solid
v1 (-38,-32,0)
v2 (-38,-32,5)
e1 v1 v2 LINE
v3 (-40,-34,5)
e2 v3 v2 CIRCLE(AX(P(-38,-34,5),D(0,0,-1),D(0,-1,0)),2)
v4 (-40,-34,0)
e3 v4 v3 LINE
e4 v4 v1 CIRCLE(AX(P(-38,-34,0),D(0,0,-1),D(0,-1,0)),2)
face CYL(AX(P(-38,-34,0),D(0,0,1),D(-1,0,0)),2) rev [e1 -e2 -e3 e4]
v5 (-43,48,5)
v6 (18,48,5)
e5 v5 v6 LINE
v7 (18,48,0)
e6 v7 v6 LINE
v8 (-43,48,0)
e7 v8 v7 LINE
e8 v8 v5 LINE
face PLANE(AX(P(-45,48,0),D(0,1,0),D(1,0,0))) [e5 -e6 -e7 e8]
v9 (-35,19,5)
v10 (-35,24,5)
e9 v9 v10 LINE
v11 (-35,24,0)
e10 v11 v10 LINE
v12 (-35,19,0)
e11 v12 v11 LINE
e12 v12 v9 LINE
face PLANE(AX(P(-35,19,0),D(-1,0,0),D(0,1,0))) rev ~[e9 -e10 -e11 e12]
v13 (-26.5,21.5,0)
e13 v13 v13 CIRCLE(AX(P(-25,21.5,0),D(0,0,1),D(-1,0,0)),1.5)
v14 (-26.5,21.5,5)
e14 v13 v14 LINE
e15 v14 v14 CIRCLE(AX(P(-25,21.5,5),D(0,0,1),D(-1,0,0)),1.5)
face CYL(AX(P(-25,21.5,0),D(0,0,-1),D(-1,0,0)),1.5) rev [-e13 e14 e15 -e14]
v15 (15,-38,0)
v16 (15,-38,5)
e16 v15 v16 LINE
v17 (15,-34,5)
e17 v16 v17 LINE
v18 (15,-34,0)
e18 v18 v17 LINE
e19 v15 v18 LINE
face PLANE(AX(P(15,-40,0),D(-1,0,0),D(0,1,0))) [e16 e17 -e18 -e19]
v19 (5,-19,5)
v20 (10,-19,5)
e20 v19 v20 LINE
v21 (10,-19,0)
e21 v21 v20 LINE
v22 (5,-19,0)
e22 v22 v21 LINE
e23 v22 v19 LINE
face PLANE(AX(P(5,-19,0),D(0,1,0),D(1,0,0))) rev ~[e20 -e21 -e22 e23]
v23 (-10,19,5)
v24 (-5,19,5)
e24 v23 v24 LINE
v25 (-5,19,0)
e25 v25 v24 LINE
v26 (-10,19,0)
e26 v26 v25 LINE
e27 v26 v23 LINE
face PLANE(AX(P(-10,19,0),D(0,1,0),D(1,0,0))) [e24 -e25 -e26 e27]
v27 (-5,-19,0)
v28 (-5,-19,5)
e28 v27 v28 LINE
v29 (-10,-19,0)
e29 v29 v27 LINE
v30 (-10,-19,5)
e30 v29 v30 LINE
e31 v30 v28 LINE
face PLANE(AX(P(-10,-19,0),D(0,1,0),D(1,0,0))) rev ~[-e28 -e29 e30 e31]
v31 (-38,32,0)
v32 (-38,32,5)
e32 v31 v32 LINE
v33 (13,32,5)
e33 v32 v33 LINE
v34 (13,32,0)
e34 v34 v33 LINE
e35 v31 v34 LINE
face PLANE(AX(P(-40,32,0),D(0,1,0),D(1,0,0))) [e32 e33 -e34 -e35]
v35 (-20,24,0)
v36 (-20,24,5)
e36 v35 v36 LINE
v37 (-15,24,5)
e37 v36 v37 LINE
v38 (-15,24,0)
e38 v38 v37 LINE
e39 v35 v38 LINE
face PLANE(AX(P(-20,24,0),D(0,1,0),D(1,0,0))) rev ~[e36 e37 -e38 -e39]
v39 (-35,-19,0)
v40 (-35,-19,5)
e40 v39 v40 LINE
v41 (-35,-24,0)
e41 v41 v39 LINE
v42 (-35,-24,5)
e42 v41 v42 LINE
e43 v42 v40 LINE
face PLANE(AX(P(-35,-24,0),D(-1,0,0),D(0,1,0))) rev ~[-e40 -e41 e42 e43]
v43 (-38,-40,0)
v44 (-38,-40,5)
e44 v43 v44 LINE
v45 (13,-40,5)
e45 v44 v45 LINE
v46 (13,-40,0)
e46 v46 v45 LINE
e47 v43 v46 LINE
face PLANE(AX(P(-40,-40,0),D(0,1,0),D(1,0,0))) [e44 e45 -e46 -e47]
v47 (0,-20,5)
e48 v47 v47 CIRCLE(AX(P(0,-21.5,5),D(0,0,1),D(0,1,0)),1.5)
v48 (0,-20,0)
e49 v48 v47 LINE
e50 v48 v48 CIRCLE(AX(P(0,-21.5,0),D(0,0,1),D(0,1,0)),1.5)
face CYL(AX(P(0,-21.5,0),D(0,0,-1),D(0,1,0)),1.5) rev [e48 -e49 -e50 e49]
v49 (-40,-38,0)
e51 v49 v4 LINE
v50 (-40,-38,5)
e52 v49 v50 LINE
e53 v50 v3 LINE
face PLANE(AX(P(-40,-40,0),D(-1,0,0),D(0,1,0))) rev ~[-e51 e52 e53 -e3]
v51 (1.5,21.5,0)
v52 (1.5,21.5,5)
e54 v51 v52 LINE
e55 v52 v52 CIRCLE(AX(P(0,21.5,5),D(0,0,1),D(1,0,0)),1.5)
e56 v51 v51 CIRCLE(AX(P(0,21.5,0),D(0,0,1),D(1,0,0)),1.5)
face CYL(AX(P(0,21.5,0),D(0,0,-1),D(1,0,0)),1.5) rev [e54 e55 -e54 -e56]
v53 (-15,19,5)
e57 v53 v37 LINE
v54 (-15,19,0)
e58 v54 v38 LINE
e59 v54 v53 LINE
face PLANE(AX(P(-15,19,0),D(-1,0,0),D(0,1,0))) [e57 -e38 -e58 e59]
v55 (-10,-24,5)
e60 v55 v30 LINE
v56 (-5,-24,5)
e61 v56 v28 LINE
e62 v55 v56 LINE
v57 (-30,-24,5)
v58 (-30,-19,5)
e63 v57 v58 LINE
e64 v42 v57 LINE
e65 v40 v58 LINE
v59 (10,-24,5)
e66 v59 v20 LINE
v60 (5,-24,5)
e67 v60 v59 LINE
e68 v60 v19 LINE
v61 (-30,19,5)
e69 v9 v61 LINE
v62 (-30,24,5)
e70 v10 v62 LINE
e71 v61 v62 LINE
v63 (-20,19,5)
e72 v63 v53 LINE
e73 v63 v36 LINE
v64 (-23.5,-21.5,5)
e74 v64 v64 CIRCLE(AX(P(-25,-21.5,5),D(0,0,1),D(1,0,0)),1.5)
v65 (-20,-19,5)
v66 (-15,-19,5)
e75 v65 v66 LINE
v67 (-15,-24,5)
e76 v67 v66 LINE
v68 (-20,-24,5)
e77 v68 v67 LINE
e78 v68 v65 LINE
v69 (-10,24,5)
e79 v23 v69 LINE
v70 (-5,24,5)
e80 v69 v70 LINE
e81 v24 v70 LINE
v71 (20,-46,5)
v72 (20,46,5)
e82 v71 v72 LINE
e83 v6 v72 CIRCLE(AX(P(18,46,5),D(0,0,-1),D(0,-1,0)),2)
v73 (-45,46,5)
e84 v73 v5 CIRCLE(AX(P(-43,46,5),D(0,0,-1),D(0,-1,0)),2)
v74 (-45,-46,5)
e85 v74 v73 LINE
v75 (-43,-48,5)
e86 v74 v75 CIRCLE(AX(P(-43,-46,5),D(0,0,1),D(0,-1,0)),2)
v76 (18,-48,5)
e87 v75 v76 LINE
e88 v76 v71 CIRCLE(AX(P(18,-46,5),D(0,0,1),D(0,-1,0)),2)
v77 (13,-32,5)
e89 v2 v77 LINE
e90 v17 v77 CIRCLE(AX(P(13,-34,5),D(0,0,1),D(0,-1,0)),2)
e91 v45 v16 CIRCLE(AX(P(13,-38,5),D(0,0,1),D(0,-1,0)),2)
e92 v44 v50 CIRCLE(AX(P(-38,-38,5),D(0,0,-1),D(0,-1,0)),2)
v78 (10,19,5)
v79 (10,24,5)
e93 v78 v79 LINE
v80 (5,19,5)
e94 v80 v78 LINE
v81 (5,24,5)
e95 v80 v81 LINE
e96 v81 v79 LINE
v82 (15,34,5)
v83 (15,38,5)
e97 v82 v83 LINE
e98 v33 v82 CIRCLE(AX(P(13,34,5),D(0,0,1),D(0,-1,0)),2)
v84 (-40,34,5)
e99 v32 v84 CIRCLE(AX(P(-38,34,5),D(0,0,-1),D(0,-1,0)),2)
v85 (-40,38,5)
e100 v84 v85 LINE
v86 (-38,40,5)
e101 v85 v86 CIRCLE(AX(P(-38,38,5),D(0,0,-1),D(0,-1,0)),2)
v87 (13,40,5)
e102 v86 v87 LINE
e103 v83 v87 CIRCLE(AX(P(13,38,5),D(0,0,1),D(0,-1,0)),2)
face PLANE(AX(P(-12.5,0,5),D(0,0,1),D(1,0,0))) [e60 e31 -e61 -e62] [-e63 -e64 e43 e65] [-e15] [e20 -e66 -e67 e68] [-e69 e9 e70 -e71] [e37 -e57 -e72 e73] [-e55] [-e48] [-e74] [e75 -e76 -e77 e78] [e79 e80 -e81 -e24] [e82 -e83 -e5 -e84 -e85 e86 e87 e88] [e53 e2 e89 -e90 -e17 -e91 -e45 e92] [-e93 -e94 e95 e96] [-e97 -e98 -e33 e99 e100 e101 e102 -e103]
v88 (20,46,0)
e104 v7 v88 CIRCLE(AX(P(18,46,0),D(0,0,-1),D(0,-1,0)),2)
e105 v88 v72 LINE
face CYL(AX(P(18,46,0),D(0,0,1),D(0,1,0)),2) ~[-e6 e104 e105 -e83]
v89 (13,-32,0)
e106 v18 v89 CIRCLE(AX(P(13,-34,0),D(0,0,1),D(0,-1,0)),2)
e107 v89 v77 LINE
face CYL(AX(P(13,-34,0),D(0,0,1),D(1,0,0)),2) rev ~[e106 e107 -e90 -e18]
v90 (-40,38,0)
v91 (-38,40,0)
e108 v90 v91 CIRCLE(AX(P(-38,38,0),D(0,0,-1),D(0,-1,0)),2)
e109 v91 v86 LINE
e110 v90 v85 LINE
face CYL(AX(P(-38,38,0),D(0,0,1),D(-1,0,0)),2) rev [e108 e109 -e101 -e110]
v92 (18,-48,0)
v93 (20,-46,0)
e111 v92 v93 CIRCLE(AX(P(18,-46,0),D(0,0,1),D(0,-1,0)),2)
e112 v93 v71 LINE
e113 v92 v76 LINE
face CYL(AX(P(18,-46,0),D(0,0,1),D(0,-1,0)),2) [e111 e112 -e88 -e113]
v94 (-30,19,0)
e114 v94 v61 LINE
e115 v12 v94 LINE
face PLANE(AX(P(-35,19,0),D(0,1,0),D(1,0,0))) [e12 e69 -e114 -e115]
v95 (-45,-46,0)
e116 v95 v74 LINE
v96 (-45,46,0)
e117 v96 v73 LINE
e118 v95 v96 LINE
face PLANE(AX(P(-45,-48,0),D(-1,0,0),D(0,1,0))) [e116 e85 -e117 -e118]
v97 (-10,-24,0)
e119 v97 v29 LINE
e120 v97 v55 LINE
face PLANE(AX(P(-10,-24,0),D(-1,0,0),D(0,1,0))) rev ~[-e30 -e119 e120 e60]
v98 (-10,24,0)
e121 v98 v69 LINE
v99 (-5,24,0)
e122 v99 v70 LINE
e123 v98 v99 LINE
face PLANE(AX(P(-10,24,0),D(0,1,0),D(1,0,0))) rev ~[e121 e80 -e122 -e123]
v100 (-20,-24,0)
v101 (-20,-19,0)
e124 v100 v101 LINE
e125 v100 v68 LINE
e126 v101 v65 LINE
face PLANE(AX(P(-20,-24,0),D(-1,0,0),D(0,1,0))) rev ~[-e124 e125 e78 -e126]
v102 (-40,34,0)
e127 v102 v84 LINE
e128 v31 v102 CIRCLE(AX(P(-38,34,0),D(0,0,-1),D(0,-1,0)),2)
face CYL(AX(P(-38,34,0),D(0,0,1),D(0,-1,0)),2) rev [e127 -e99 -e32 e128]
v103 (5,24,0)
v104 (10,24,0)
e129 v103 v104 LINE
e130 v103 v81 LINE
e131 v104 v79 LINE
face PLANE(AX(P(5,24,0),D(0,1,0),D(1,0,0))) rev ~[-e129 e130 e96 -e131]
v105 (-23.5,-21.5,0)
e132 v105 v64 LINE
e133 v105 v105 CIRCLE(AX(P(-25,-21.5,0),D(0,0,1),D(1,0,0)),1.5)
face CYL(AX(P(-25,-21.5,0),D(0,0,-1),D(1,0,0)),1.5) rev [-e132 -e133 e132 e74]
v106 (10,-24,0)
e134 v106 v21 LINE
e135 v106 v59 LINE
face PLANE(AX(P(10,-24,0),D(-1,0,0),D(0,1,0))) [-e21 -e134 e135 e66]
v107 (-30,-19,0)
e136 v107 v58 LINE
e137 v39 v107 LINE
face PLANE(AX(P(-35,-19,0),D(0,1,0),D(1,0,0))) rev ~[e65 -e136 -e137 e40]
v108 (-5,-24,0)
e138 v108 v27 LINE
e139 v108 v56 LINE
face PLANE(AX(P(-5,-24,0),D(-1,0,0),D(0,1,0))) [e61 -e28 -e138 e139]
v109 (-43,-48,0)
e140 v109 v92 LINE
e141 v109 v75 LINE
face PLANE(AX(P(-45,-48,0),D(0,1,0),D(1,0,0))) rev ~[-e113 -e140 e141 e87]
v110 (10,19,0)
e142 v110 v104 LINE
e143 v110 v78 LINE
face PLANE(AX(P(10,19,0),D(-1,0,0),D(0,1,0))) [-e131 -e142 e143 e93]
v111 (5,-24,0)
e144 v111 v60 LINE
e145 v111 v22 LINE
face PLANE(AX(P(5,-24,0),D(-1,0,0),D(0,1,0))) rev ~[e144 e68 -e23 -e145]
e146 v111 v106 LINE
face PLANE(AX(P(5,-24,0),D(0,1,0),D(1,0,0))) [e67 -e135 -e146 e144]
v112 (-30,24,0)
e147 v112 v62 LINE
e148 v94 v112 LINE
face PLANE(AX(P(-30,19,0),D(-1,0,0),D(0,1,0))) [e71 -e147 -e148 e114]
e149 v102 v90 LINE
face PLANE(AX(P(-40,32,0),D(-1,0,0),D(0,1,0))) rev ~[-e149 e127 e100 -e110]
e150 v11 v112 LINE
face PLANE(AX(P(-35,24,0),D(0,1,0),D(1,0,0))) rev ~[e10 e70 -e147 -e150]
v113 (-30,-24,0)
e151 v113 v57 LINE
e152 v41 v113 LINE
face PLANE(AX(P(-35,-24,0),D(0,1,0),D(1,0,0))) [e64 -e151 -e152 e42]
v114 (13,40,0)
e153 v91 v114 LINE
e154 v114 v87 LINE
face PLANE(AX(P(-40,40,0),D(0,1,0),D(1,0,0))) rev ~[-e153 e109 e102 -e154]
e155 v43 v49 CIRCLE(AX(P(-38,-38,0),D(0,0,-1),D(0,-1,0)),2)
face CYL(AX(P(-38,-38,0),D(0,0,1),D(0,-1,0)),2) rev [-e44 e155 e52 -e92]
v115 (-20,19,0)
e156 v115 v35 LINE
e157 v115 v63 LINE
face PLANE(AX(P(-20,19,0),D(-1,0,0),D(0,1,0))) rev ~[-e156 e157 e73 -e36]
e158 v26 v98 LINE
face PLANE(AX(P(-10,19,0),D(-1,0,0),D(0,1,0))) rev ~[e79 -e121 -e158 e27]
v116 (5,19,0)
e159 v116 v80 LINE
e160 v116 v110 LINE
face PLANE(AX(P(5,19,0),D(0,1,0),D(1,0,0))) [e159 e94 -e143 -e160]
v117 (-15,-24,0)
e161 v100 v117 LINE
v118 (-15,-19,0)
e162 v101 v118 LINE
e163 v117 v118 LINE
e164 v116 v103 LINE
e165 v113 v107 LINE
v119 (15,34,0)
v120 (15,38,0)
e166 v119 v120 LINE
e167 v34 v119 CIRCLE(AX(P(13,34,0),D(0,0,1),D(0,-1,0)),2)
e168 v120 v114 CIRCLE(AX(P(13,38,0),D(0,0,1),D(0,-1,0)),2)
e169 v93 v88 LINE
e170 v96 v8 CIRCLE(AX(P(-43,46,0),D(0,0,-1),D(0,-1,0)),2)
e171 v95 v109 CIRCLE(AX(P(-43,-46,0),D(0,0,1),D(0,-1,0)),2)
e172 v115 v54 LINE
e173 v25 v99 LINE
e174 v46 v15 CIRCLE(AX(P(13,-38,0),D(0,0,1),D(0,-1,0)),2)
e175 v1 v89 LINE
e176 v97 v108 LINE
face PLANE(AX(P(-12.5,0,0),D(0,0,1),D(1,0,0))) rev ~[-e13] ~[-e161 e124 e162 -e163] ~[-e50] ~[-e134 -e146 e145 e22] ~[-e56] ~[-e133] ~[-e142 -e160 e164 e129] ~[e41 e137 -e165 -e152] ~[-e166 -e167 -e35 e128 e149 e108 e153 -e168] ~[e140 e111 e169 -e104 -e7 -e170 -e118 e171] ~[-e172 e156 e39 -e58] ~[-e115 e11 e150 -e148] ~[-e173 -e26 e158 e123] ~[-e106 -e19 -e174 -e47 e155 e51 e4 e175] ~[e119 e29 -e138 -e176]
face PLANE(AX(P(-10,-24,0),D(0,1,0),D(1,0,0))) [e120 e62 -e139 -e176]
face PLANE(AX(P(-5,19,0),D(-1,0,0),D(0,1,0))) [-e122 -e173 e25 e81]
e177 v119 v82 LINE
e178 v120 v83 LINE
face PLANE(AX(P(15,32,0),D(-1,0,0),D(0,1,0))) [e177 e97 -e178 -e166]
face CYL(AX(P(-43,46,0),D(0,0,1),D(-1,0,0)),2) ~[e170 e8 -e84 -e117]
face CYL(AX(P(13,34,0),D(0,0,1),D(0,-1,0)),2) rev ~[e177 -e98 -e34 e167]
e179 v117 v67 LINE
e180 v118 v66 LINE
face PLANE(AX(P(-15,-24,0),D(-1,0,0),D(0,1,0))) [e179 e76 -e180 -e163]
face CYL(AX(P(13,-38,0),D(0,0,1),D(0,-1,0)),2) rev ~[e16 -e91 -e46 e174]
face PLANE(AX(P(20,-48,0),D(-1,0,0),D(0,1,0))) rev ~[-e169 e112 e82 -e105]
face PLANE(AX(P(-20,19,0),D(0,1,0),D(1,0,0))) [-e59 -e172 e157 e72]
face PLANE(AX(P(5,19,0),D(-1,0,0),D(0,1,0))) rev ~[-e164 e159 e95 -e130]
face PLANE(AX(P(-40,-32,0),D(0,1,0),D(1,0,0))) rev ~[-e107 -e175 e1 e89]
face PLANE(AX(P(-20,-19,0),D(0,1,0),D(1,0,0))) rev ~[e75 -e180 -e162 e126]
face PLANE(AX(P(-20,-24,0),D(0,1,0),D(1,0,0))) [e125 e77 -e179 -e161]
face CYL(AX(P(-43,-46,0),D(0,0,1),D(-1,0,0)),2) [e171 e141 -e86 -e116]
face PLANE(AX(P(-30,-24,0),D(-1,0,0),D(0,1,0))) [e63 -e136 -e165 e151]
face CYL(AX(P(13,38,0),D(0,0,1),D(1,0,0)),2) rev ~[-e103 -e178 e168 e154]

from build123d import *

# Parameters (mm, degrees)
ESQUISSE1_W        = 65
ESQUISSE1_H        = 96
ESQUISSE1_R        = 1.5
ESQUISSE1_W_2      = 55
ESQUISSE1_H_2      = 8
ESQUISSE1_W_3      = 5
ESQUISSE1_H_3      = 5
BOSS_EXTRU_1_DEPTH = 5
CONG_1_R           = 2


with BuildPart() as part:
    # Esquisse1 → Boss.-Extru.1 (new body)
    with BuildSketch(Plane.XY):
        with Locations((-12.5, 0)):
            Rectangle(ESQUISSE1_W, ESQUISSE1_H)
        with Locations((0, 21.5)):
            Circle(ESQUISSE1_R, mode=Mode.SUBTRACT)
        with Locations(Location((0, -21.5, 0), (0, 0, 90))):
            Circle(ESQUISSE1_R, mode=Mode.SUBTRACT)
        with Locations(Location((-25, 21.5, 0), (0, 0, 180))):
            Circle(ESQUISSE1_R, mode=Mode.SUBTRACT)
        with Locations((-25, -21.5)):
            Circle(ESQUISSE1_R, mode=Mode.SUBTRACT)
        with Locations((-12.5, -36)):
            Rectangle(ESQUISSE1_W_2, ESQUISSE1_H_2, mode=Mode.SUBTRACT)
        with Locations((-12.5, 36)):
            Rectangle(ESQUISSE1_W_2, ESQUISSE1_H_2, mode=Mode.SUBTRACT)
        with Locations((-7.5, 21.5)):
            Rectangle(ESQUISSE1_W_3, ESQUISSE1_H_3, mode=Mode.SUBTRACT)
        with Locations((7.5, 21.5)):
            Rectangle(ESQUISSE1_W_3, ESQUISSE1_H_3, mode=Mode.SUBTRACT)
        with Locations((-7.5, -21.5)):
            Rectangle(ESQUISSE1_W_3, ESQUISSE1_H_3, mode=Mode.SUBTRACT)
        with Locations((7.5, -21.5)):
            Rectangle(ESQUISSE1_W_3, ESQUISSE1_H_3, mode=Mode.SUBTRACT)
        with Locations((-17.5, 21.5)):
            Rectangle(ESQUISSE1_W_3, ESQUISSE1_H_3, mode=Mode.SUBTRACT)
        with Locations((-32.5, 21.5)):
            Rectangle(ESQUISSE1_W_3, ESQUISSE1_H_3, mode=Mode.SUBTRACT)
        with Locations((-17.5, -21.5)):
            Rectangle(ESQUISSE1_W_3, ESQUISSE1_H_3, mode=Mode.SUBTRACT)
        with Locations((-32.5, -21.5)):
            Rectangle(ESQUISSE1_W_3, ESQUISSE1_H_3, mode=Mode.SUBTRACT)
    extrude(amount=BOSS_EXTRU_1_DEPTH)

    # Congé1
    cong_1_edges = [part.edges().sort_by_distance(p)[0] for p in [
        (-40, 40, 2.5),
        (-40, 32, 2.5),
        (15, 32, 2.5),
        (15, 40, 2.5),
        (-40, -40, 2.5),
        (15, -40, 2.5),
        (15, -32, 2.5),
        (-40, -32, 2.5),
        (-45, -48, 2.5),
        (-45, 48, 2.5),
        (20, 48, 2.5),
        (20, -48, 2.5),
    ]]
    fillet(cong_1_edges, radius=CONG_1_R)


solid = part.part
